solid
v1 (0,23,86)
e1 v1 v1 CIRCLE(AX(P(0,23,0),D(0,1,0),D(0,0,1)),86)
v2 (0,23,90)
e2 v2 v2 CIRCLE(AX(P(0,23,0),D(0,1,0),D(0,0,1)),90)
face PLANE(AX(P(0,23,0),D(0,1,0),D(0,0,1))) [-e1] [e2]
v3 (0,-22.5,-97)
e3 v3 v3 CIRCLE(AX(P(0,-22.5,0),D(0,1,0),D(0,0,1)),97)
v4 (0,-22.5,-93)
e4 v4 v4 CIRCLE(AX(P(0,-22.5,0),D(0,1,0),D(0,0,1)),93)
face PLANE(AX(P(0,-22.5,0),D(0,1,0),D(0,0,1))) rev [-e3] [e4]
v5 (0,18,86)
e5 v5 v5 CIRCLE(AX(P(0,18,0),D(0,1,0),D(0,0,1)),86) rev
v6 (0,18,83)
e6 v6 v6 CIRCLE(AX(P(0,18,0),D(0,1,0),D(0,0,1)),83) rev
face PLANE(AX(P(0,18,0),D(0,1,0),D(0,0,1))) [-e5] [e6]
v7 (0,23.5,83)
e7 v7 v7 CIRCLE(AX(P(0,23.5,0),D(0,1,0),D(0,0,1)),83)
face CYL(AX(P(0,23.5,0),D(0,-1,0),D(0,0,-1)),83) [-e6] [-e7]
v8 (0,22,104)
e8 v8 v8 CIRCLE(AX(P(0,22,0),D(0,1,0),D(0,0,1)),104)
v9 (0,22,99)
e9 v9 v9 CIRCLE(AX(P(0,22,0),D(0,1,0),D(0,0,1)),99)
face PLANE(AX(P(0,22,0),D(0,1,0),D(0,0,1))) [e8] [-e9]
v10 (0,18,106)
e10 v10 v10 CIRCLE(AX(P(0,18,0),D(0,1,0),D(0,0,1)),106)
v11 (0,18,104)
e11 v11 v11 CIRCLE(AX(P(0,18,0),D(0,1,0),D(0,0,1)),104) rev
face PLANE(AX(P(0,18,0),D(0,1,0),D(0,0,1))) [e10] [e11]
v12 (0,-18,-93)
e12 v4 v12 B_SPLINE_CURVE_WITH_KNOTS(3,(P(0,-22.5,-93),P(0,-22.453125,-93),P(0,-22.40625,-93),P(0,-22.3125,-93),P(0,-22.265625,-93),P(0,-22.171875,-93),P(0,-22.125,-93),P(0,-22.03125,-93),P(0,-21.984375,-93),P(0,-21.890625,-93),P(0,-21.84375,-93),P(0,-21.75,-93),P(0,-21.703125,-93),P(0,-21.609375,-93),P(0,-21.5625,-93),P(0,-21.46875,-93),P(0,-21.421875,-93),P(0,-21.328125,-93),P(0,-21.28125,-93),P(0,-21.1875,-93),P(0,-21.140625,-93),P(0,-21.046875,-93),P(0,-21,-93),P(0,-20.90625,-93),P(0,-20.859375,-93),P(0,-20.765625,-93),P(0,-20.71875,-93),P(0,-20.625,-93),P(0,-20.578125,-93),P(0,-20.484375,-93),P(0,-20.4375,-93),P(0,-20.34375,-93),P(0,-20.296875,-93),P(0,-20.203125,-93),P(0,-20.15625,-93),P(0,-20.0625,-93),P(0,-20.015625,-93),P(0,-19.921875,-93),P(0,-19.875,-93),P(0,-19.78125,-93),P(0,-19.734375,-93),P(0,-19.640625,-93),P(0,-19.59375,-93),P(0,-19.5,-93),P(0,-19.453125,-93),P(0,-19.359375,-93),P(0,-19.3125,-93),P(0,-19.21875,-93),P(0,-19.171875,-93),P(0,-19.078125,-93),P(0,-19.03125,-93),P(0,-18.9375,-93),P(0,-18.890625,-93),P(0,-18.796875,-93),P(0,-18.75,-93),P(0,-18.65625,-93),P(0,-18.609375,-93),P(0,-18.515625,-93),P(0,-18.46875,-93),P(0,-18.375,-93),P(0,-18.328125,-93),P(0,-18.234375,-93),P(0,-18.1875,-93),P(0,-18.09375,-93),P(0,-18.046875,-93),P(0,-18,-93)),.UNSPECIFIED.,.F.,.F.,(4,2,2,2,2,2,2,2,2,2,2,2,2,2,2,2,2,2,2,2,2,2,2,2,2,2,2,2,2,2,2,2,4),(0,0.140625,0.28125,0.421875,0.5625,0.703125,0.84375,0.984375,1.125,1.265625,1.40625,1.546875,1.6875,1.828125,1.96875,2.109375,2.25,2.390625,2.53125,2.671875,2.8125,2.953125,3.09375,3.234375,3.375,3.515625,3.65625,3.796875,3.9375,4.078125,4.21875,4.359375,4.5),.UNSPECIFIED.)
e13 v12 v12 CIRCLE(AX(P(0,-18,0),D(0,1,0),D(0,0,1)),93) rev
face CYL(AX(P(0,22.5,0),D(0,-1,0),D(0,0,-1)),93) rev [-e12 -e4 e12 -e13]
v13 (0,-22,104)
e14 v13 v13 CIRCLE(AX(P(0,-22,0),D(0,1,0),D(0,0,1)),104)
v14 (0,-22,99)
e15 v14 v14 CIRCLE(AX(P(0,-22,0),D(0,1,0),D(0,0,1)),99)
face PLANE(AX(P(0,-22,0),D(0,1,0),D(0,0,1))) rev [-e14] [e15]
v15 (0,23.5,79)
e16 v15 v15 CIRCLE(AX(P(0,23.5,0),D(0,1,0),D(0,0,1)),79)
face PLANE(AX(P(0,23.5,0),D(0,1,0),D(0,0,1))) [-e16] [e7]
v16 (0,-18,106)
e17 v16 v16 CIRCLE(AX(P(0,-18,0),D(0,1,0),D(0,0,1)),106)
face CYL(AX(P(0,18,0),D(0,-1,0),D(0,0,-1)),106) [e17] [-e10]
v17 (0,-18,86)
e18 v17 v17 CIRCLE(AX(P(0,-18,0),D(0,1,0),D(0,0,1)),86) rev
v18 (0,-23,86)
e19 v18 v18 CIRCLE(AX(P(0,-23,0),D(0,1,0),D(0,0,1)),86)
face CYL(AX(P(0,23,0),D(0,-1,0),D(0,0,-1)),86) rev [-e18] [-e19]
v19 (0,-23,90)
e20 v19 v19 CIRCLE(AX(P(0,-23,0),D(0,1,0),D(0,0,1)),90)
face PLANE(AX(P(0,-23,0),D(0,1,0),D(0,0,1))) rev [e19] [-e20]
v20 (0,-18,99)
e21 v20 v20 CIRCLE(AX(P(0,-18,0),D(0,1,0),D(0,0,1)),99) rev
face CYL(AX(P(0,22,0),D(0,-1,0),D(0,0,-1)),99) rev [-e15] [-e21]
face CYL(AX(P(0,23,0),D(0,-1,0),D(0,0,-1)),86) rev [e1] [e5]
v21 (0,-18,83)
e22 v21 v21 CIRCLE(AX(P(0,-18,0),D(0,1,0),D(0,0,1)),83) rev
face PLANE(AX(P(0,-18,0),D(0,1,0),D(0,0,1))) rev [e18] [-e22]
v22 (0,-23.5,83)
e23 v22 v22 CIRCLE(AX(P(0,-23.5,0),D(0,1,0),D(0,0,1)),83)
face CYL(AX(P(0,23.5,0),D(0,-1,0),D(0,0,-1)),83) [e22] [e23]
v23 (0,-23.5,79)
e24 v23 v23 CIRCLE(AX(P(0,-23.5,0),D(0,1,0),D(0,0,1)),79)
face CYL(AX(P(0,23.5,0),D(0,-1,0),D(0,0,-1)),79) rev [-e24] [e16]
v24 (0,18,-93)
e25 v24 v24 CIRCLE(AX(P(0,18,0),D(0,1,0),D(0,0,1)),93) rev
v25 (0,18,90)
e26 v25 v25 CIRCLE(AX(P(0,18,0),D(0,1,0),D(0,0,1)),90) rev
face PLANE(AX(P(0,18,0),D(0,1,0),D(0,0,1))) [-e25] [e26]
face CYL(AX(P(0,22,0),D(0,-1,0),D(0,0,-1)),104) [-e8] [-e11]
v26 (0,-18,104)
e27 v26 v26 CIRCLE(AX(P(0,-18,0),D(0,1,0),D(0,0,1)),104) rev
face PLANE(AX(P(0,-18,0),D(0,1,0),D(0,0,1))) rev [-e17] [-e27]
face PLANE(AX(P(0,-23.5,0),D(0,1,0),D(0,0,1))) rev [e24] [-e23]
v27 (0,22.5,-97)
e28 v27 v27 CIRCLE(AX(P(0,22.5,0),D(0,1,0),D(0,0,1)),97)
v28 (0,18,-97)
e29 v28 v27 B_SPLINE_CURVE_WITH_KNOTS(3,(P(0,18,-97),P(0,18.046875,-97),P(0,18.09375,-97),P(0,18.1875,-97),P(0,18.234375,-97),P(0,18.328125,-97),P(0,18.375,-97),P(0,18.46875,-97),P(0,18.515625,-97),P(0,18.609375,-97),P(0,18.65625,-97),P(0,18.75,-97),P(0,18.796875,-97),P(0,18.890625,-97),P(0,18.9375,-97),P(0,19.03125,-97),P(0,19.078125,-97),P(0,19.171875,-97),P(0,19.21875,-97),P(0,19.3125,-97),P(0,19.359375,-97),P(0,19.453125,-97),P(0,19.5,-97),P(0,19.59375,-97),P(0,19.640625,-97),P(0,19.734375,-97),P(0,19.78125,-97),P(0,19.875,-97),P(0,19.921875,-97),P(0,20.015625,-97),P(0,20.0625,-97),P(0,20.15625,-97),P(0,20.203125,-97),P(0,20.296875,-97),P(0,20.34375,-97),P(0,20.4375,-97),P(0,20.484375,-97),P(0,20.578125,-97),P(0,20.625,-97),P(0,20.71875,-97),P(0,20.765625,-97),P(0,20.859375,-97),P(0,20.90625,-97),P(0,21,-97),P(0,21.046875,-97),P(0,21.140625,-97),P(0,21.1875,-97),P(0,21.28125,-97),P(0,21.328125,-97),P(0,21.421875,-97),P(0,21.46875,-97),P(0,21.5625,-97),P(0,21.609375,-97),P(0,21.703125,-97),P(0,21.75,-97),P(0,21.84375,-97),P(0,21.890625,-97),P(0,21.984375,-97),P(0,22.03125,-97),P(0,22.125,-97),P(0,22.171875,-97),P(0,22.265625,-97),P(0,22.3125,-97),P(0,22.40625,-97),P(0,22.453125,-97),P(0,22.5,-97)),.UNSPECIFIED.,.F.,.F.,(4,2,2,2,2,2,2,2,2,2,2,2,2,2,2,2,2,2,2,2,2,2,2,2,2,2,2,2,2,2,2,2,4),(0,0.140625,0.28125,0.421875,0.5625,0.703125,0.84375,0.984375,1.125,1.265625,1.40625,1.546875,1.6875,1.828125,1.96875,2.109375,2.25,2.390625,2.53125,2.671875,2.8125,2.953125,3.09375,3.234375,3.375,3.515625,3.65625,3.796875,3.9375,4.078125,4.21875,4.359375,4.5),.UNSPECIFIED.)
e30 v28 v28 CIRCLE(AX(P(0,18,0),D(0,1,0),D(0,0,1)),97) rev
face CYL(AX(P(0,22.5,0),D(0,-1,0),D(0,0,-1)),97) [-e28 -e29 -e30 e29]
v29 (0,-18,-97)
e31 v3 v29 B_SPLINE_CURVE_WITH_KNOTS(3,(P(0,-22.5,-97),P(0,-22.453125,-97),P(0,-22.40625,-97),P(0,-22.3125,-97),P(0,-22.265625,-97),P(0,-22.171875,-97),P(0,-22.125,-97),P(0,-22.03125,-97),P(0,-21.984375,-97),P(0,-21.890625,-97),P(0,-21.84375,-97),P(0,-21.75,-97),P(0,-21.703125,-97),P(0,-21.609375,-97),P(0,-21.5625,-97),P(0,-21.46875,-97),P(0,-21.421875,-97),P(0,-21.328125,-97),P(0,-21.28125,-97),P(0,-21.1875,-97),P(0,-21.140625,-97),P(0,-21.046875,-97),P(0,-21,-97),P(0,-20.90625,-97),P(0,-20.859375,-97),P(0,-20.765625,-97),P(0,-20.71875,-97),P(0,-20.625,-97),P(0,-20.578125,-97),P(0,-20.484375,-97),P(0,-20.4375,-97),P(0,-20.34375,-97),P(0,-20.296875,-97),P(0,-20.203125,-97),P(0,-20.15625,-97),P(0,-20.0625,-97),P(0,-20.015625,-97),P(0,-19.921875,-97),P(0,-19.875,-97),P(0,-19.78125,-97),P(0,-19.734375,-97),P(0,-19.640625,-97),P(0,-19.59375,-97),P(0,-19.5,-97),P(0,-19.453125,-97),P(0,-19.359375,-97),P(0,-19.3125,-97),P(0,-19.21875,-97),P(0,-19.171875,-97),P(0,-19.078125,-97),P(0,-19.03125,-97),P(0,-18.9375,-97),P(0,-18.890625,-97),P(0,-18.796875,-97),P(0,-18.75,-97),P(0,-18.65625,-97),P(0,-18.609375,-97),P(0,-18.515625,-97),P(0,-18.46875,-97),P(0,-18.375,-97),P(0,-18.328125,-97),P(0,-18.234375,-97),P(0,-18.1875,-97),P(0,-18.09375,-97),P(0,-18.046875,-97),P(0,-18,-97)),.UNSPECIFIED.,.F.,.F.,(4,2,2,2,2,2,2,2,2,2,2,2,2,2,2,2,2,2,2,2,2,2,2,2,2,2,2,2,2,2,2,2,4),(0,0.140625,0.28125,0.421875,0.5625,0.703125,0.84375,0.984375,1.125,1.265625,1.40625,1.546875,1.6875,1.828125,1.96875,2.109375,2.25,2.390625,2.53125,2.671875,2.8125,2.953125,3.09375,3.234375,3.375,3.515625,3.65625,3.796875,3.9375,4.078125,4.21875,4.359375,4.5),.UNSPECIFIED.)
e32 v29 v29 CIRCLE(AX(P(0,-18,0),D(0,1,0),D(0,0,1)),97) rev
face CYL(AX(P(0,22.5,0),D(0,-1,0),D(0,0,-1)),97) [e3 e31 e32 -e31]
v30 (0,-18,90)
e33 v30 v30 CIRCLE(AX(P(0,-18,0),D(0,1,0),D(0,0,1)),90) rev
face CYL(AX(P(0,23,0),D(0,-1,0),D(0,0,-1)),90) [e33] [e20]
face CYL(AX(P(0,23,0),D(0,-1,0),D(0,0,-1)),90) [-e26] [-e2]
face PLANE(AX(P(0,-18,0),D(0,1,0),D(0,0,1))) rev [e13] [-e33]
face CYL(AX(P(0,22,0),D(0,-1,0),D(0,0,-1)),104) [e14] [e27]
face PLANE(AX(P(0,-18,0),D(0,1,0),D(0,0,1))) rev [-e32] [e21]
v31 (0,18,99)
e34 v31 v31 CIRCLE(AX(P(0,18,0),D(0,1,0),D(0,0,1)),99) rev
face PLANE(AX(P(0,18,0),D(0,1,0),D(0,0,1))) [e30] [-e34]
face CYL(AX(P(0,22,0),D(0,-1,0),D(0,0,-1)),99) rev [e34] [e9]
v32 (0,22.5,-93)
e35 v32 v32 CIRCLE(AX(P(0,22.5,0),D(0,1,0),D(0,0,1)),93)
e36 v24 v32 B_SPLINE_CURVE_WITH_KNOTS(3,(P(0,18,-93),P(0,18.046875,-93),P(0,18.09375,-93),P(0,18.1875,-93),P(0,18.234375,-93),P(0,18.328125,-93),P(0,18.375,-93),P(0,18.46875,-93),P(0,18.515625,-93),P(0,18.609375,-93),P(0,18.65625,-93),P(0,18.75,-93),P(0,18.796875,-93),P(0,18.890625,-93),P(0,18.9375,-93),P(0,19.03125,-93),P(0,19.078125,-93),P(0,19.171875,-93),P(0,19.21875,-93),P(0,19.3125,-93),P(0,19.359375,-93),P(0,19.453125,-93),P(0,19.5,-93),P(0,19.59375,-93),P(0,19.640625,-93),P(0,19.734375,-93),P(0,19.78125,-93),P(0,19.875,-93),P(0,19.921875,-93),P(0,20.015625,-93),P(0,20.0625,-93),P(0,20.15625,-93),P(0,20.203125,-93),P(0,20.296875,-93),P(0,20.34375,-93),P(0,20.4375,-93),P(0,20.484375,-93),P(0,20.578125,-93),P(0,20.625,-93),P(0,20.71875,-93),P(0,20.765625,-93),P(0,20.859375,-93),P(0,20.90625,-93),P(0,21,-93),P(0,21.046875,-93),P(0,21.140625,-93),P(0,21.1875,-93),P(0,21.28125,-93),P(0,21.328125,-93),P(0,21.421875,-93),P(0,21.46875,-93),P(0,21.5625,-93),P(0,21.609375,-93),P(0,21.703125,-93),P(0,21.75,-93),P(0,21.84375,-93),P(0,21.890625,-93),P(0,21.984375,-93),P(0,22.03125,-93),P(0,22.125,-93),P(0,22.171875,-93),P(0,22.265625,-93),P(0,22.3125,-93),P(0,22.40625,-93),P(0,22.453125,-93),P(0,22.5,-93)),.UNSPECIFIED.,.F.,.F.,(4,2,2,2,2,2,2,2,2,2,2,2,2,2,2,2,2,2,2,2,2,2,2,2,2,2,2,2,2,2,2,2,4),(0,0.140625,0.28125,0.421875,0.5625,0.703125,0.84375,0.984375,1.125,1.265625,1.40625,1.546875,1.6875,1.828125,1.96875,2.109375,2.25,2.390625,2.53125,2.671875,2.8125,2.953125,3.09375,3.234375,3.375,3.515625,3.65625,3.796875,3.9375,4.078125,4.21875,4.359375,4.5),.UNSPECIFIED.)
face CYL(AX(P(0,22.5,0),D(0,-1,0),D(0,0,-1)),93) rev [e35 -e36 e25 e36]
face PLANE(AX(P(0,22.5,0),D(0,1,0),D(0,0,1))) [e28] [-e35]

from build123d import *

# Parameters (mm, degrees)
SKETCH1_R                              = 106
SKETCH1_R_2                            = 80
PRESENTATION_TIRE_CASING_ANNULUS_DEPTH = 18
SKETCH2_R                              = 104
SKETCH2_R_2                            = 99
OUTER_TIRE_SHOULDER_LINE_DEPTH         = 22
SKETCH3_R                              = 97
SKETCH3_R_2                            = 93
OUTER_TREAD_GROOVE_LINE_DEPTH          = 22.5
SKETCH4_R                              = 90
SKETCH4_R_2                            = 86
INNER_TREAD_GROOVE_LINE_DEPTH          = 23
SKETCH5_R                              = 83
SKETCH5_R_2                            = 79
INNER_TIRE_BEAD_LINE_DEPTH             = 23.5


with BuildPart() as part:
    # Sketch1 → Presentation tire casing annulus (new, symmetric)
    with BuildSketch(Plane(origin=(0, 0, 0), x_dir=(1, 0, 0), z_dir=(0, 1, 0))):
        with Locations(Location((0, 0, 0), (0, 0, 270))):
            Circle(SKETCH1_R)
        with Locations(Location((0, 0, 0), (0, 0, 270))):
            Circle(SKETCH1_R_2, mode=Mode.SUBTRACT)
    extrude(amount=PRESENTATION_TIRE_CASING_ANNULUS_DEPTH, both=True)

    # Sketch2 → outer tire shoulder line (add, symmetric)
    with BuildSketch(Plane(origin=(0, 0, 0), x_dir=(1, 0, 0), z_dir=(0, 1, 0))):
        with Locations(Location((0, 0, 0), (0, 0, 270))):
            Circle(SKETCH2_R)
        with Locations(Location((0, 0, 0), (0, 0, 270))):
            Circle(SKETCH2_R_2, mode=Mode.SUBTRACT)
    extrude(amount=OUTER_TIRE_SHOULDER_LINE_DEPTH, both=True)

    # Sketch3 → outer tread groove line (add, symmetric)
    with BuildSketch(Plane(origin=(0, 0, 0), x_dir=(1, 0, 0), z_dir=(0, 1, 0))):
        with Locations(Location((0, 0, 0), (0, 0, 90))):
            Circle(SKETCH3_R)
        with Locations(Location((0, 0, 0), (0, 0, 90))):
            Circle(SKETCH3_R_2, mode=Mode.SUBTRACT)
    extrude(amount=OUTER_TREAD_GROOVE_LINE_DEPTH, both=True)

    # Sketch4 → inner tread groove line (add, symmetric)
    with BuildSketch(Plane(origin=(0, 0, 0), x_dir=(1, 0, 0), z_dir=(0, 1, 0))):
        with Locations(Location((0, 0, 0), (0, 0, 270))):
            Circle(SKETCH4_R)
        with Locations(Location((0, 0, 0), (0, 0, 270))):
            Circle(SKETCH4_R_2, mode=Mode.SUBTRACT)
    extrude(amount=INNER_TREAD_GROOVE_LINE_DEPTH, both=True)

    # Sketch5 → inner tire bead line (add, symmetric)
    with BuildSketch(Plane(origin=(0, 0, 0), x_dir=(1, 0, 0), z_dir=(0, 1, 0))):
        with Locations(Location((0, 0, 0), (0, 0, 270))):
            Circle(SKETCH5_R)
        with Locations(Location((0, 0, 0), (0, 0, 270))):
            Circle(SKETCH5_R_2, mode=Mode.SUBTRACT)
    extrude(amount=INNER_TIRE_BEAD_LINE_DEPTH, both=True)


solid = part.part
